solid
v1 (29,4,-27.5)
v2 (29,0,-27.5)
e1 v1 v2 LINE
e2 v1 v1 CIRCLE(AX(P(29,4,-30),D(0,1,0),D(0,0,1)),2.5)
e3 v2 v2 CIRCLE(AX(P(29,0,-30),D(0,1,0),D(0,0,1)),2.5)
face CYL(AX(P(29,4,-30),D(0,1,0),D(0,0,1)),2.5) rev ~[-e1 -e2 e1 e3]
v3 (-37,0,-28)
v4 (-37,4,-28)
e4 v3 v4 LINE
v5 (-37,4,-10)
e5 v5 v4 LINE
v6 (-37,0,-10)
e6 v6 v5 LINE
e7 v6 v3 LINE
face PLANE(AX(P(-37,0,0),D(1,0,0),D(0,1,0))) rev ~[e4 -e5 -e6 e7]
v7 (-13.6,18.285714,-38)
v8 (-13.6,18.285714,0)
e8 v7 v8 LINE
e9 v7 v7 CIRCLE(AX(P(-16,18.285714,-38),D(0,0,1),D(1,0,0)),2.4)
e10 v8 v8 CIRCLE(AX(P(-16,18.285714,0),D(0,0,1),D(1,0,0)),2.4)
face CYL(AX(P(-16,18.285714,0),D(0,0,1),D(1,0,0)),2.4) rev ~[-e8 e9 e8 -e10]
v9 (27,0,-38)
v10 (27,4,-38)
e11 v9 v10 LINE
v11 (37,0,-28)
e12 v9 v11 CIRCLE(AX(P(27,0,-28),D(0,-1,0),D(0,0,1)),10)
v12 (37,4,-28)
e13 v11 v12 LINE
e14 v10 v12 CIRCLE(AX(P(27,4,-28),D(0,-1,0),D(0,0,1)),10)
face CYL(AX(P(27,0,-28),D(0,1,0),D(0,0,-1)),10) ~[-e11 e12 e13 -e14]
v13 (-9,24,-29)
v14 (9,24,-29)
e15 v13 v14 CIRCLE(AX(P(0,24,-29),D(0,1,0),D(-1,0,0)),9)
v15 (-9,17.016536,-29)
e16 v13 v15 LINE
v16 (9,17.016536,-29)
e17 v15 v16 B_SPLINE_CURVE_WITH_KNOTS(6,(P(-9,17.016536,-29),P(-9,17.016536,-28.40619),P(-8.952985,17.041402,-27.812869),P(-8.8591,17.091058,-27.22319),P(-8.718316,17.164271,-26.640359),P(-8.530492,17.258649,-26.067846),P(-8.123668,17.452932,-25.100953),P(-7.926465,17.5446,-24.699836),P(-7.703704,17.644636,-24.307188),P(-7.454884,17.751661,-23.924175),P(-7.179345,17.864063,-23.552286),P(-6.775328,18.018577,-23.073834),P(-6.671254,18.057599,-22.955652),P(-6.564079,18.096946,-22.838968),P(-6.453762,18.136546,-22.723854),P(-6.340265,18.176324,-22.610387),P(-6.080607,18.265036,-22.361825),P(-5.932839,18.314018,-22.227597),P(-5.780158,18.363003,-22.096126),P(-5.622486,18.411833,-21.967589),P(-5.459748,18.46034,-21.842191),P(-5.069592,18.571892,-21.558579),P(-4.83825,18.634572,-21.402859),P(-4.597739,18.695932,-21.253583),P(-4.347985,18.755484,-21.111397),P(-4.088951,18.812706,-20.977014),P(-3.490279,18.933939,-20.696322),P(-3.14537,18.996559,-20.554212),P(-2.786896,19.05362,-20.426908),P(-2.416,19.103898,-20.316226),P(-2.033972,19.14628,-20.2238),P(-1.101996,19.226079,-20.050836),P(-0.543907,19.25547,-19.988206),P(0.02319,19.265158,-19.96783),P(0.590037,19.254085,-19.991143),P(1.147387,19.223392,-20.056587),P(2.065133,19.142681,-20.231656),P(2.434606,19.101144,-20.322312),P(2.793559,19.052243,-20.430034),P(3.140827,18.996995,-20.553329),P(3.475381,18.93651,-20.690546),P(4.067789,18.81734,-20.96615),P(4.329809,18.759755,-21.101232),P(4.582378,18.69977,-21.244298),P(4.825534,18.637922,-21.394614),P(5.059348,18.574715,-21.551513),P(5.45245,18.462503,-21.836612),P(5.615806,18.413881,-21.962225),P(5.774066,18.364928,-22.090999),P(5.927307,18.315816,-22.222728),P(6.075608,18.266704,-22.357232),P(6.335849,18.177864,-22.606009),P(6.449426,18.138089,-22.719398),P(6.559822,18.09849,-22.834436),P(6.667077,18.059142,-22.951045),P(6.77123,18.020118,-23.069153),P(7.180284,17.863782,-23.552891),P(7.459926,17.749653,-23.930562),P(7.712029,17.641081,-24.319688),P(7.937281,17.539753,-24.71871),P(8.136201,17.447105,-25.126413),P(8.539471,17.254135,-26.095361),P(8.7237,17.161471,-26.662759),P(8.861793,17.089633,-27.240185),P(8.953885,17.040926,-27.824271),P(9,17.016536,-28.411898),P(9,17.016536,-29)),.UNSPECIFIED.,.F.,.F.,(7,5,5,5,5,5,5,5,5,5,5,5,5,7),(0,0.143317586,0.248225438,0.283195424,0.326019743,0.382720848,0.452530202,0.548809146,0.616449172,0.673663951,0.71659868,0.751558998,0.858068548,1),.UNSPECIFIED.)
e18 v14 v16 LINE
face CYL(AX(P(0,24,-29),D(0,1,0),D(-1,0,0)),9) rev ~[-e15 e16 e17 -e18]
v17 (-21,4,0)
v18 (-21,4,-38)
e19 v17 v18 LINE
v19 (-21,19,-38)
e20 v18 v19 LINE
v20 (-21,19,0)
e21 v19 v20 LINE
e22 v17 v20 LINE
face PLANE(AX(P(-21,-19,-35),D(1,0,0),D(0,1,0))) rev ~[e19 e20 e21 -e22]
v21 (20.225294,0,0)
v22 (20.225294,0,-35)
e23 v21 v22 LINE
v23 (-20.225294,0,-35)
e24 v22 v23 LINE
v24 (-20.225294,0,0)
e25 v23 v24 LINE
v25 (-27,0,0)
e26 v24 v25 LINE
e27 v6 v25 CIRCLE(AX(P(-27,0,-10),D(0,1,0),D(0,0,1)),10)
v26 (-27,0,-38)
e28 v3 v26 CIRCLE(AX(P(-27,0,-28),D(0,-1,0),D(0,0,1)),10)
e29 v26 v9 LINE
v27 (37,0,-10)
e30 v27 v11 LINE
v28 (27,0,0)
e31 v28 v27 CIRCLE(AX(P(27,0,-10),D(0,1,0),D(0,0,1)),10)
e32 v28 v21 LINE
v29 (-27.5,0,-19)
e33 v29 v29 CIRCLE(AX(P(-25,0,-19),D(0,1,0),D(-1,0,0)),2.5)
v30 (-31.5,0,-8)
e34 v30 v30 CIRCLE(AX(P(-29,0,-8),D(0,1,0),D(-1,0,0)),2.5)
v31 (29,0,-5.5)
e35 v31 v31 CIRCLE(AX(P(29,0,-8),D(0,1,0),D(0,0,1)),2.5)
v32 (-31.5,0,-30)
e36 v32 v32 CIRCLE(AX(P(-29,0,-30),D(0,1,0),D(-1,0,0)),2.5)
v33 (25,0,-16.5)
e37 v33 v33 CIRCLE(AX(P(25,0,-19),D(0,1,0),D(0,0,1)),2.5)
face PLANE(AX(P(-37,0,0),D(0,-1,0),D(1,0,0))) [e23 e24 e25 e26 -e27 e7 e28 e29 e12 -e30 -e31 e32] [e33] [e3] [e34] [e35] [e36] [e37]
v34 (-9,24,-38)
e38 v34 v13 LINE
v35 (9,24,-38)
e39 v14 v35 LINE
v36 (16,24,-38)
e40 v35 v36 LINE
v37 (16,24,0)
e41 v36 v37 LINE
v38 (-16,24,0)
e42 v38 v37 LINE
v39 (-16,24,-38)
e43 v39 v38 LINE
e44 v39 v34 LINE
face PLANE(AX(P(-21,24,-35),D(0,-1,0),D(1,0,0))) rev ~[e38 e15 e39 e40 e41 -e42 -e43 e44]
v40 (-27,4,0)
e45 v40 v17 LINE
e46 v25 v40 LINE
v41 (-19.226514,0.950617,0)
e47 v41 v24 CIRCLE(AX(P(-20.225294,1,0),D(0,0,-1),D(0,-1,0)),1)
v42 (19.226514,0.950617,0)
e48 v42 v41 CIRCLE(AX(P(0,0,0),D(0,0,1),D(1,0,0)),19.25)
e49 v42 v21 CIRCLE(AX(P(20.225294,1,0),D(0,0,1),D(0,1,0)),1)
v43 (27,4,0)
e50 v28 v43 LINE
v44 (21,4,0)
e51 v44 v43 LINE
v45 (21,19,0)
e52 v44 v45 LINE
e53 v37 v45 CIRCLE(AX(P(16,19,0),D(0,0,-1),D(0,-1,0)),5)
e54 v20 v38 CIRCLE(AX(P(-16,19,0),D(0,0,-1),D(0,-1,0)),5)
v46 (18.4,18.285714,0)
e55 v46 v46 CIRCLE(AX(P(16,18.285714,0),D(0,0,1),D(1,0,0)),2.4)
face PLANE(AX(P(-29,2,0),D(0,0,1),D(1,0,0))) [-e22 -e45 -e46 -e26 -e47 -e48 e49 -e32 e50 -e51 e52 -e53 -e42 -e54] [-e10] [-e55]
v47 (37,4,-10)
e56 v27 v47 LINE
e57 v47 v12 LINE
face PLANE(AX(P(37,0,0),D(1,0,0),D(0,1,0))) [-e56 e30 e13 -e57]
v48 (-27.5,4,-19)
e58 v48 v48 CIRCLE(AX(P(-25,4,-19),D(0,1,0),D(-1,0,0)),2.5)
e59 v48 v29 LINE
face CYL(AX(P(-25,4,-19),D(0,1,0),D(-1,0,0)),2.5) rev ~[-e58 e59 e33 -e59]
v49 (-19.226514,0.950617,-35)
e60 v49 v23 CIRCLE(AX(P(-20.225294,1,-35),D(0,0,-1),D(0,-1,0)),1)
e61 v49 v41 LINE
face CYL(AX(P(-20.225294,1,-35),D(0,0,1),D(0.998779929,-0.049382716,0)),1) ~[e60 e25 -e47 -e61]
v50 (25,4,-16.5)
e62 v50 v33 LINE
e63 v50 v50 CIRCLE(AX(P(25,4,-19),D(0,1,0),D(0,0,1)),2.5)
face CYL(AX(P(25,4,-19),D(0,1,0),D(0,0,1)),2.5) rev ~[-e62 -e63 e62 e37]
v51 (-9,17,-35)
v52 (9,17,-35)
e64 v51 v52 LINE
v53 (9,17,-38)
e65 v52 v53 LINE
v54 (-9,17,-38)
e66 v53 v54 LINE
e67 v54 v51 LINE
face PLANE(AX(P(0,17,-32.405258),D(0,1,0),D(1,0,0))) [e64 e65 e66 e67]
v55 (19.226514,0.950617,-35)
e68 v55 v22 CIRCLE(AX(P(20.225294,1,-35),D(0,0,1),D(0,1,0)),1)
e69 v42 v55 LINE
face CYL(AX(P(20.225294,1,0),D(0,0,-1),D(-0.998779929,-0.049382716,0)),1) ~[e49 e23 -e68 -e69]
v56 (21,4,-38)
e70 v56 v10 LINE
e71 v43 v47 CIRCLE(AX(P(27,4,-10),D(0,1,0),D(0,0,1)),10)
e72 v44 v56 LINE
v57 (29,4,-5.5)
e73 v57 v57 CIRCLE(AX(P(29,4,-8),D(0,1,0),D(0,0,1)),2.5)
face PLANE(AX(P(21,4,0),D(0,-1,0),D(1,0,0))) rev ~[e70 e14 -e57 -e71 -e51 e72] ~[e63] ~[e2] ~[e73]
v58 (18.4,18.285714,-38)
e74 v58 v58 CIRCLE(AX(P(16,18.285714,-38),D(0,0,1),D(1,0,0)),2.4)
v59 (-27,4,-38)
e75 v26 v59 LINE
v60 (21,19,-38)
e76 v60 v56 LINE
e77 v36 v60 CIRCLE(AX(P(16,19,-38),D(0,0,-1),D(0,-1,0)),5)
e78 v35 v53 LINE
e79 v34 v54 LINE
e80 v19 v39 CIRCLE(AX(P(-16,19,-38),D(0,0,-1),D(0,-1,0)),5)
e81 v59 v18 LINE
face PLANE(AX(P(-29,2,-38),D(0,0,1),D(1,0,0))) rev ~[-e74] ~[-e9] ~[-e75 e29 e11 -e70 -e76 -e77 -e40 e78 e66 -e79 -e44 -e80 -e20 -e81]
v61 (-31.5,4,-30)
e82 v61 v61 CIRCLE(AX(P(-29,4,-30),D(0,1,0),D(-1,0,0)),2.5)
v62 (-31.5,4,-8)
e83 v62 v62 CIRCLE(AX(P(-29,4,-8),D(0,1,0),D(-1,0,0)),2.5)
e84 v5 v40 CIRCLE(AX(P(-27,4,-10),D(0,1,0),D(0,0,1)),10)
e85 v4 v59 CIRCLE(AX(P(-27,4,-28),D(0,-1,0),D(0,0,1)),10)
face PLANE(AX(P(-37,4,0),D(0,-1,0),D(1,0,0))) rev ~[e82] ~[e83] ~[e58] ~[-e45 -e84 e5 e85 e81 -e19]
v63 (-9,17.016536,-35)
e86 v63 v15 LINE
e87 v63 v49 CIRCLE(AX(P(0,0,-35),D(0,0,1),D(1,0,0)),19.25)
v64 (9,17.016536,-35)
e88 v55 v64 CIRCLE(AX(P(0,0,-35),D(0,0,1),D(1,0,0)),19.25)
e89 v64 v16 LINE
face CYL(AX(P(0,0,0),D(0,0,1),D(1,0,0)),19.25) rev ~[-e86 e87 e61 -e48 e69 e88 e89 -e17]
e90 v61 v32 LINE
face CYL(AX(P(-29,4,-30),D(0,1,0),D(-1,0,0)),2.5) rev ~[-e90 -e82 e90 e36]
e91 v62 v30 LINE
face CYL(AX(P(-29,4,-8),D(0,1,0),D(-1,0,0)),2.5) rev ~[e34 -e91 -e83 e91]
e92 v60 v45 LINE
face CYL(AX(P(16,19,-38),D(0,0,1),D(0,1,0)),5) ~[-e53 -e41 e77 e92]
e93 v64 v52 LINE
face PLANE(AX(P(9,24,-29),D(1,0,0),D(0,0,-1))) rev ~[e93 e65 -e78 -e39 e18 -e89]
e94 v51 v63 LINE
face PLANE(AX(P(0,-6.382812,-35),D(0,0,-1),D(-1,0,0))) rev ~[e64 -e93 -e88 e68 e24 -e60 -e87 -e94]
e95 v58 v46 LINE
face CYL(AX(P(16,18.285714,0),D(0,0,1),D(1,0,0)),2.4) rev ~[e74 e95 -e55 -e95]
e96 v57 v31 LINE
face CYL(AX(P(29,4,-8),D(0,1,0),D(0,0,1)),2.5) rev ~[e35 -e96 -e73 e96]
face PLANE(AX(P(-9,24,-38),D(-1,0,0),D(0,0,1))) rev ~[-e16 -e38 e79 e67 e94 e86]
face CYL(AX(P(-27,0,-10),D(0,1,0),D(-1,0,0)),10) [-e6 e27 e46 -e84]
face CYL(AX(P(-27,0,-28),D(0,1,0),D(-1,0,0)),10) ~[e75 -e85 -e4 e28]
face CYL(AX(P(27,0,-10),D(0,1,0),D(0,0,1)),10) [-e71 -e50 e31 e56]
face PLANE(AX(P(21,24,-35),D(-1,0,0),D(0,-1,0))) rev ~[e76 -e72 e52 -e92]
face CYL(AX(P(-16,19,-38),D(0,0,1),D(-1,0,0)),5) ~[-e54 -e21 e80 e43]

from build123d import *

# Parameters (mm, degrees)
SKETCH1_W           = 42
SKETCH1_H           = 48
SKETCH1_R           = 19.25
SKETCH1_R_2         = 2.4
BOSS_EXTRUDE1_DEPTH = 35
SKETCH4_W           = 19
SKETCH4_H           = 5
BOSS_EXTRUDE3_DEPTH = 35
CUT_EXTRUDE1_REACH  = 70.367
SKETCH5_R           = 2.5
BOSS_EXTRUDE4_DEPTH = 3
CUT_EXTRUDE2_REACH  = 62.166
SKETCH9_W           = 16
SKETCH9_H           = 4
BOSS_EXTRUDE6_DEPTH = 38
CUT_EXTRUDE3_REACH  = 58.683
SKETCH10_R          = 2.5
FILLET1_R           = 10
FILLET2_R           = 5
SKETCH11_R          = 2.4
CUT_EXTRUDE4_DEPTH  = 57.302753041
FILLET3_R           = 1
CUT_EXTRUDE7_DEPTH  = 7


with BuildPart() as part:
    # Sketch1 → Boss-Extrude1 (new body)
    with BuildSketch(Plane.XY):
        Rectangle(SKETCH1_W, SKETCH1_H)
        Circle(SKETCH1_R, mode=Mode.SUBTRACT)
        with Locations((-16, 18.285714286)):
            Circle(SKETCH1_R_2, mode=Mode.SUBTRACT)
        with Locations((16, 18.285714286)):
            Circle(SKETCH1_R_2, mode=Mode.SUBTRACT)
        with Locations((16, -18.285714286)):
            Circle(SKETCH1_R_2, mode=Mode.SUBTRACT)
        with Locations((-16, -18.285714286)):
            Circle(SKETCH1_R_2, mode=Mode.SUBTRACT)
    extrude(amount=-BOSS_EXTRUDE1_DEPTH)

    # Sketch4 → Boss-Extrude3 (add)
    with BuildSketch(Plane.XY):
        with Locations((-30.5, -21.5)):
            Rectangle(SKETCH4_W, SKETCH4_H)
        with Locations((30.5, -21.5)):
            Rectangle(SKETCH4_W, SKETCH4_H)
    extrude(amount=-BOSS_EXTRUDE3_DEPTH)

    # Sketch5 → Cut-Extrude1 (cut, up to next)
    with BuildSketch(Plane(origin=(0, -19, 0), x_dir=(1, 0, 0), z_dir=(0, 1, 0)), mode=Mode.PRIVATE) as cut_extrude1_sk1:
        with Locations(Location((-25, 19, 0), (0, 0, 270))):
            Circle(SKETCH5_R)
    cut_extrude1_tool1 = extrude(cut_extrude1_sk1.sketch, amount=-CUT_EXTRUDE1_REACH, mode=Mode.PRIVATE) & part.part
    # Sketch5 → Cut-Extrude1 (cut, up to next)
    with BuildSketch(Plane(origin=(0, -19, 0), x_dir=(1, 0, 0), z_dir=(0, 1, 0)), mode=Mode.PRIVATE) as cut_extrude1_sk2:
        with Locations(Location((25, 19, 0), (0, 0, 270))):
            Circle(SKETCH5_R)
    cut_extrude1_tool2 = extrude(cut_extrude1_sk2.sketch, amount=-CUT_EXTRUDE1_REACH, mode=Mode.PRIVATE) & part.part
    add(cut_extrude1_tool1.solids().sort_by_distance((-25, -19, -19))[0], mode=Mode.SUBTRACT)
    add(cut_extrude1_tool2.solids().sort_by_distance((25, -19, -19))[0], mode=Mode.SUBTRACT)

    # Sketch6 → Boss-Extrude4 (add)
    with BuildSketch(Plane(origin=(0, 0, -35), x_dir=(-1, 0, 0), z_dir=(0, 0, -1))):
        Polygon((-21, 24), (-21, -19), (-40, -19), (-40, -24), (40, -24), (40, -19), (21, -19), (21, 24), align=None)
    extrude(amount=BOSS_EXTRUDE4_DEPTH)

    # Sketch7 → Cut-Extrude2 (cut, up to next)
    with BuildSketch(Plane.XY, mode=Mode.PRIVATE) as cut_extrude2_sk1:
        Polygon((-21, 0), (21, 0), (21, -19), (40, -19), (40, -24), (-40, -24), (-40, -19), (-21, -19), align=None)
    cut_extrude2_tool1 = extrude(cut_extrude2_sk1.sketch, amount=-CUT_EXTRUDE2_REACH, mode=Mode.PRIVATE) & part.part
    add(cut_extrude2_tool1.solids().sort_by_distance((0, -13.506678, 0))[0], mode=Mode.SUBTRACT)

    # Sketch9 → Boss-Extrude6 (add)
    with BuildSketch(Plane.XY):
        with Locations((-29, 2)):
            Rectangle(SKETCH9_W, SKETCH9_H)
        with Locations((29, 2)):
            Rectangle(SKETCH9_W, SKETCH9_H)
    extrude(amount=-BOSS_EXTRUDE6_DEPTH)

    # Sketch10 → Cut-Extrude3 (cut, up to next)
    with BuildSketch(Plane(origin=(0, 4, 0), x_dir=(1, 0, 0), z_dir=(0, 1, 0)), mode=Mode.PRIVATE) as cut_extrude3_sk1:
        with Locations(Location((-29, 8, 0), (0, 0, 180))):
            Circle(SKETCH10_R)
    cut_extrude3_tool1 = extrude(cut_extrude3_sk1.sketch, amount=-CUT_EXTRUDE3_REACH, mode=Mode.PRIVATE) & part.part
    # Sketch10 → Cut-Extrude3 (cut, up to next)
    with BuildSketch(Plane(origin=(0, 4, 0), x_dir=(1, 0, 0), z_dir=(0, 1, 0)), mode=Mode.PRIVATE) as cut_extrude3_sk2:
        with Locations(Location((-29, 30, 0), (0, 0, 180))):
            Circle(SKETCH10_R)
    cut_extrude3_tool2 = extrude(cut_extrude3_sk2.sketch, amount=-CUT_EXTRUDE3_REACH, mode=Mode.PRIVATE) & part.part
    # Sketch10 → Cut-Extrude3 (cut, up to next)
    with BuildSketch(Plane(origin=(0, 4, 0), x_dir=(1, 0, 0), z_dir=(0, 1, 0)), mode=Mode.PRIVATE) as cut_extrude3_sk3:
        with Locations(Location((29, 30, 0), (0, 0, 270))):
            Circle(SKETCH10_R)
    cut_extrude3_tool3 = extrude(cut_extrude3_sk3.sketch, amount=-CUT_EXTRUDE3_REACH, mode=Mode.PRIVATE) & part.part
    # Sketch10 → Cut-Extrude3 (cut, up to next)
    with BuildSketch(Plane(origin=(0, 4, 0), x_dir=(1, 0, 0), z_dir=(0, 1, 0)), mode=Mode.PRIVATE) as cut_extrude3_sk4:
        with Locations(Location((29, 8, 0), (0, 0, 270))):
            Circle(SKETCH10_R)
    cut_extrude3_tool4 = extrude(cut_extrude3_sk4.sketch, amount=-CUT_EXTRUDE3_REACH, mode=Mode.PRIVATE) & part.part
    # Sketch10 → Cut-Extrude3 (cut, up to next)
    with BuildSketch(Plane(origin=(0, 4, 0), x_dir=(1, 0, 0), z_dir=(0, 1, 0)), mode=Mode.PRIVATE) as cut_extrude3_sk5:
        with Locations(Location((-25, 19, 0), (0, 0, 180))):
            Circle(SKETCH10_R)
    cut_extrude3_tool5 = extrude(cut_extrude3_sk5.sketch, amount=-CUT_EXTRUDE3_REACH, mode=Mode.PRIVATE) & part.part
    # Sketch10 → Cut-Extrude3 (cut, up to next)
    with BuildSketch(Plane(origin=(0, 4, 0), x_dir=(1, 0, 0), z_dir=(0, 1, 0)), mode=Mode.PRIVATE) as cut_extrude3_sk6:
        with Locations(Location((25, 19, 0), (0, 0, 270))):
            Circle(SKETCH10_R)
    cut_extrude3_tool6 = extrude(cut_extrude3_sk6.sketch, amount=-CUT_EXTRUDE3_REACH, mode=Mode.PRIVATE) & part.part
    add(cut_extrude3_tool1.solids().sort_by_distance((-29, 4, -8))[0], mode=Mode.SUBTRACT)
    add(cut_extrude3_tool2.solids().sort_by_distance((-29, 4, -30))[0], mode=Mode.SUBTRACT)
    add(cut_extrude3_tool3.solids().sort_by_distance((29, 4, -30))[0], mode=Mode.SUBTRACT)
    add(cut_extrude3_tool4.solids().sort_by_distance((29, 4, -8))[0], mode=Mode.SUBTRACT)
    add(cut_extrude3_tool5.solids().sort_by_distance((-25, 4, -19))[0], mode=Mode.SUBTRACT)
    add(cut_extrude3_tool6.solids().sort_by_distance((25, 4, -19))[0], mode=Mode.SUBTRACT)

    # Fillet1
    fillet1_edges = [part.edges().sort_by_distance(p)[0] for p in [
        (-37, 2, 0),
        (-37, 2, -38),
        (37, 2, 0),
        (37, 2, -38),
    ]]
    fillet(fillet1_edges, radius=FILLET1_R)

    # Fillet2
    fillet2_edges = [part.edges().sort_by_distance(p)[0] for p in [
        (-21, 24, -19),
        (21, 24, -19),
    ]]
    fillet(fillet2_edges, radius=FILLET2_R)

    # Sketch11 → Cut-Extrude4 (cut, through all)
    with BuildSketch(Plane.XY.offset(-35)):
        with Locations((16, 18.285714286)):
            Circle(SKETCH11_R)
        with Locations((-16, 18.285714286)):
            Circle(SKETCH11_R)
    extrude(amount=-CUT_EXTRUDE4_DEPTH, mode=Mode.SUBTRACT)

    # Fillet3
    fillet3_edges = [part.edges().sort_by_distance(p)[0] for p in [
        (-19.25, 0, -17.5),
        (19.25, 0, -17.5),
    ]]
    fillet(fillet3_edges, radius=FILLET3_R)

    # Sketch12 → Cut-Extrude7 (cut)
    with BuildSketch(Plane(origin=(0, 24, 0), x_dir=(1, 0, 0), z_dir=(0, 1, 0))):
        with BuildLine():
            ThreePointArc((1.6e-08, 38), (-6.363961025, 35.363961036), (-9, 29))
            Line((-9, 29), (9, 29))
            ThreePointArc((9, 29), (6.363961036, 35.363961025), (1.6e-08, 38))
        make_face()
        with BuildLine():
            Line((9, 29), (-9, 29))
            ThreePointArc((-9, 29), (0, 20), (9, 29))
        make_face()
        with BuildLine():
            ThreePointArc((1.6e-08, 38), (6.363961036, 35.363961025), (9, 29))
            Line((9, 29), (9, 38))
            Line((9, 38), (1.6e-08, 38))
        make_face()
        with BuildLine():
            Line((-9, 38), (-9, 29))
            ThreePointArc((-9, 29), (-6.363961025, 35.363961036), (1.6e-08, 38))
            Line((1.6e-08, 38), (-9, 38))
        make_face()
    extrude(amount=-CUT_EXTRUDE7_DEPTH, mode=Mode.SUBTRACT)


solid = part.part
